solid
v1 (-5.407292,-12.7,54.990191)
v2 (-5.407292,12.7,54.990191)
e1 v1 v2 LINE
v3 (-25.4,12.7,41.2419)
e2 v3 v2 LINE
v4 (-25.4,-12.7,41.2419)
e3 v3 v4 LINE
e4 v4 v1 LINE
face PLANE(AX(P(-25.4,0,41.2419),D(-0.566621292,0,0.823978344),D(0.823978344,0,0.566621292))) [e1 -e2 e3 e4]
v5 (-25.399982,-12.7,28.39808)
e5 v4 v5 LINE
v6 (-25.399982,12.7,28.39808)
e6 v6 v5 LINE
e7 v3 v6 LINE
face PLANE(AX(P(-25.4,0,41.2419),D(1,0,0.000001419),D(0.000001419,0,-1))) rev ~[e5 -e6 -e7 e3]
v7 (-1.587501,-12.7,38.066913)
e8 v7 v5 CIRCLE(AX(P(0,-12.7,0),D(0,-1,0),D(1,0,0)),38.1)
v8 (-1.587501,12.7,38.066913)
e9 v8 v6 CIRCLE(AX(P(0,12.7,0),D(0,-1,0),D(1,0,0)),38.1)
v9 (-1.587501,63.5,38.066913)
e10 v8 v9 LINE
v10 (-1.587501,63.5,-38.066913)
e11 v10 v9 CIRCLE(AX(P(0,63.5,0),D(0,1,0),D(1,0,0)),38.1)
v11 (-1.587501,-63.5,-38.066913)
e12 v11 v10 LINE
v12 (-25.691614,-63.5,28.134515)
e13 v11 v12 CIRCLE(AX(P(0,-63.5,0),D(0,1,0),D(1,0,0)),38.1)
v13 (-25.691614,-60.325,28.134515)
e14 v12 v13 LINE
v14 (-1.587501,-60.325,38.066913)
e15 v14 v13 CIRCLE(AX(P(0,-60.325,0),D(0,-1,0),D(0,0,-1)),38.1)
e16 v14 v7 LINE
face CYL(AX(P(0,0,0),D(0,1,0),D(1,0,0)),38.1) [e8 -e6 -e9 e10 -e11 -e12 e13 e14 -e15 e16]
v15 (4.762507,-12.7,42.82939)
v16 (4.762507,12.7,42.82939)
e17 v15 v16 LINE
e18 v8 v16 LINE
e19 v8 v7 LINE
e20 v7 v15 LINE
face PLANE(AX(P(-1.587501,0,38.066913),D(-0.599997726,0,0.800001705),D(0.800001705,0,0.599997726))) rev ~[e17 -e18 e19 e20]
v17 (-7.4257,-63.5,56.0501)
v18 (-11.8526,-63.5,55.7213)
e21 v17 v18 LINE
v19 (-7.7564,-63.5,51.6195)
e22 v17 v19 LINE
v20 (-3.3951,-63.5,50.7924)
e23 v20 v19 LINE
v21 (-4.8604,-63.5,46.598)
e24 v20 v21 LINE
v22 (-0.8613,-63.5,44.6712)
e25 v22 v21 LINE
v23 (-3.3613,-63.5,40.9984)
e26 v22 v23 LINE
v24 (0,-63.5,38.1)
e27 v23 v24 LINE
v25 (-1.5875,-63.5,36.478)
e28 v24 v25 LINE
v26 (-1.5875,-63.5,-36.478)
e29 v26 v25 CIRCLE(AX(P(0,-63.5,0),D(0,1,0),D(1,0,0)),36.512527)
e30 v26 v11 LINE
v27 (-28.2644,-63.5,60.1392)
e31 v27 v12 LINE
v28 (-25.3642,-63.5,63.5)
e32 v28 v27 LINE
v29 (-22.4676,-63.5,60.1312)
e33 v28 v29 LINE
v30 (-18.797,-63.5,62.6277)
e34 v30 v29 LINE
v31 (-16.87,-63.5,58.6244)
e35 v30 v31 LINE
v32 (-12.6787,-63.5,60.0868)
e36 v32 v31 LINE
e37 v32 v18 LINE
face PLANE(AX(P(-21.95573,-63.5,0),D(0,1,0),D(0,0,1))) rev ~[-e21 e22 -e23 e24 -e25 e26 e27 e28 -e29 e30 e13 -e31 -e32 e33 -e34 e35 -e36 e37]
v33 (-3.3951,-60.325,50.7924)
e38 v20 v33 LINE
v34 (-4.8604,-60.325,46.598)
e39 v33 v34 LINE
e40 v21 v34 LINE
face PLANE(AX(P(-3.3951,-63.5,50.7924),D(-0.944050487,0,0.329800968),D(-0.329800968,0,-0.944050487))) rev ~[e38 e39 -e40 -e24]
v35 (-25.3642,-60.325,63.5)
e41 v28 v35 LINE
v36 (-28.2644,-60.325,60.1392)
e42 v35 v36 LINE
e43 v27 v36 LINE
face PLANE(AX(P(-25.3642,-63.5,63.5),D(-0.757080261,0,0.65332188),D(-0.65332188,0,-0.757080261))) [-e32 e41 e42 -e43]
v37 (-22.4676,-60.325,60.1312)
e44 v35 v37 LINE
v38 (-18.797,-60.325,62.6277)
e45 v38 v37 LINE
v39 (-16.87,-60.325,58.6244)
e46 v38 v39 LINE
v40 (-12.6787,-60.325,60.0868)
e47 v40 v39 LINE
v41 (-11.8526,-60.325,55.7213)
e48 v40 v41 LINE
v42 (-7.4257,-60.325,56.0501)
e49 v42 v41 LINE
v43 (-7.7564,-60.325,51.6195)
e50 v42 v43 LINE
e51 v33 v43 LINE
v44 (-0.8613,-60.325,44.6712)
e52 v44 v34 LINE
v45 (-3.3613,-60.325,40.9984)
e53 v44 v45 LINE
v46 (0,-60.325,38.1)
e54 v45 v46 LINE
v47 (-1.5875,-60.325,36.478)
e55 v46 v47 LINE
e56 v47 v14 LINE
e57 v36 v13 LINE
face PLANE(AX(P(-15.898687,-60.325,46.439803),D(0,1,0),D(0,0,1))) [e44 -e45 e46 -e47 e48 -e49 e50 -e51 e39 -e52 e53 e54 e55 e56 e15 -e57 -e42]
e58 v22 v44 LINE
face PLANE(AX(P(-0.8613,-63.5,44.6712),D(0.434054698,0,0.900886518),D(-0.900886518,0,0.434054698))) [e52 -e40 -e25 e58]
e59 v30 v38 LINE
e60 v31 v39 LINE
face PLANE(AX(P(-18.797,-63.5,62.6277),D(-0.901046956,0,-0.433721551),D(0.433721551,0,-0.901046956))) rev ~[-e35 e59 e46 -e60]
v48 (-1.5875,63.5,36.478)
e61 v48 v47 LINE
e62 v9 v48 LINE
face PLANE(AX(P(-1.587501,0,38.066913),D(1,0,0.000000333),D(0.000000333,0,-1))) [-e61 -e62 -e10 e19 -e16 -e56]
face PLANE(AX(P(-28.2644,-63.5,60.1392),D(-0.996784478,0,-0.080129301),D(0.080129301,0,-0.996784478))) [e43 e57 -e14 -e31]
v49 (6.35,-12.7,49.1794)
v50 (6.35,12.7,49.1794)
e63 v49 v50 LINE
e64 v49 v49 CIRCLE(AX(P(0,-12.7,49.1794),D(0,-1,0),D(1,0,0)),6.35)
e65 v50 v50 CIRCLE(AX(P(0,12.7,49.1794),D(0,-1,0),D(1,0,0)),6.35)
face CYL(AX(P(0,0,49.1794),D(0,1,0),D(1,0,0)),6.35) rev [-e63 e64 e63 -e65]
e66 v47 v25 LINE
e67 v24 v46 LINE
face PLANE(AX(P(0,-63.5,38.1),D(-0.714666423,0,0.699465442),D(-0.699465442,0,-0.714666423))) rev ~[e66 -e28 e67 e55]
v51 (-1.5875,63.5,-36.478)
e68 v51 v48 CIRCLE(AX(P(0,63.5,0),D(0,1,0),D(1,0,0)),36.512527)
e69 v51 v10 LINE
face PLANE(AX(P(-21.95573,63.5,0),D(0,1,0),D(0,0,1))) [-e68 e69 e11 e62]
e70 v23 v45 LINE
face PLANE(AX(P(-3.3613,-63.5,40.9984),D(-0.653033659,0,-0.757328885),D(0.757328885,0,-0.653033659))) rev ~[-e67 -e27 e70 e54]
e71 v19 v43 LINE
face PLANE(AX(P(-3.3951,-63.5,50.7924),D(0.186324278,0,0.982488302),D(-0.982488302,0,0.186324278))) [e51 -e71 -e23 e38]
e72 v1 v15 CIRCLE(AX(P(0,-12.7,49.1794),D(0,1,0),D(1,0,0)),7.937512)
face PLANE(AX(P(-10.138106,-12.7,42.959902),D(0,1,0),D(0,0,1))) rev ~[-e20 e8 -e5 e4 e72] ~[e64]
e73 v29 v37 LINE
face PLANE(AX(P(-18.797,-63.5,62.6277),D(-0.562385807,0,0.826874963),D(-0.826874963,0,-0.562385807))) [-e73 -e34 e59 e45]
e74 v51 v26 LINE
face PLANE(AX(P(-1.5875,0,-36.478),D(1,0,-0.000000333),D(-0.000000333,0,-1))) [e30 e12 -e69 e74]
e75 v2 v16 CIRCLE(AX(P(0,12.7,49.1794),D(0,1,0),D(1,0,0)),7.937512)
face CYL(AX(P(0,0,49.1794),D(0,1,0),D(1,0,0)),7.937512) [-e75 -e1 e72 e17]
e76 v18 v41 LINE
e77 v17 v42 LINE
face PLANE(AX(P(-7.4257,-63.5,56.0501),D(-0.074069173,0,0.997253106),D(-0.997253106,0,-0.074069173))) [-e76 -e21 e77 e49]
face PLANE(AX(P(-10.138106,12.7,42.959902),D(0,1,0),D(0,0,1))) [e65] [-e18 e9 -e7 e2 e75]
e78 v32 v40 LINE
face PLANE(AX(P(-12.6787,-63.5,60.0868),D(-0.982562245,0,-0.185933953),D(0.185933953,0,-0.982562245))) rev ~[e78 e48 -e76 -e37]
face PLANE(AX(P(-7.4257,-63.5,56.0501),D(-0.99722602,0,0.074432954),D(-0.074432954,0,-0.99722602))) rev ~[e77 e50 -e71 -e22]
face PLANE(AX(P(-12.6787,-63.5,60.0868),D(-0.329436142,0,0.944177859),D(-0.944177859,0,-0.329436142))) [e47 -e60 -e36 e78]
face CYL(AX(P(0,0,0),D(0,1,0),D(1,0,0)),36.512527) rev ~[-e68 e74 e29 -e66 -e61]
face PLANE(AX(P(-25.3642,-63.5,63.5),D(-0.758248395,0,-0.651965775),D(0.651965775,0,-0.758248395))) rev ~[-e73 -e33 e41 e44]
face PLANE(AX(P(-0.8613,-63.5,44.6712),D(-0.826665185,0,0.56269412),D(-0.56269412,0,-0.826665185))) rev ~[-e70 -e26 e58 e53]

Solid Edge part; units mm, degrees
sketch "Sketch1" plane through (0, 0, 0) normal (0, -1, 0) x (1, 0, 0)
  line L0 (-1.5875, -36.478) -> (-1.5875, -38.0669)
  arc A0 (-1.5875, -38.0669) -> (-1.5875, 38.0669) centre (0, 0) cw
  line L1 (-1.5875, 38.0669) -> (-1.5875, 36.478)
  arc A1 (-1.5875, -36.478) -> (-1.5875, 36.478) centre (0, 0) cw
extrude "Protrusion1" add sketch "Sketch1" along normal mid plane 127
sketch "Sketch2" plane through (0, 0, 0) normal (0, -1, 0) x (1, 0, 0)
  circle A0 centre (0, 49.1794) radius 6.35
  line L0 (-25.4, 41.2419) -> (-5.4073, 54.9902)
  line L1 (-1.5875, 38.0669) -> (4.7625, 42.8294)
  line L2 (-25.4, 41.2419) -> (-25.4, 28.3981)
  arc A1 (-5.4073, 54.9902) -> (4.7625, 42.8294) centre (0, 49.1794) cw
  arc A2 (-1.5875, 38.0669) -> (-25.4, 28.3981) centre (0, 0) ccw
extrude "ExtrudedProtrusion_2" add sketch "Sketch2" along normal mid plane 25.4
sketch "Sketch3" plane through (-19.8437, -63.5, 0) normal (0, -1, 0) x (0, 0, -1)
  line L0 (-40.9984, 16.4824) -> (-38.1, 19.8437)
  line L1 (-44.6712, 18.9824) -> (-40.9984, 16.4824)
  line L2 (-44.6712, 18.9824) -> (-46.598, 14.9833)
  line L3 (-50.7924, 16.4486) -> (-46.598, 14.9833)
  line L4 (-50.7924, 16.4486) -> (-51.6195, 12.0873)
  line L5 (-56.0501, 12.418) -> (-51.6195, 12.0873)
  line L6 (-56.0501, 12.418) -> (-55.7213, 7.9911)
  line L7 (-60.0868, 7.165) -> (-55.7213, 7.9911)
  line L8 (-60.0868, 7.165) -> (-58.6244, 2.9737)
  line L9 (-62.6277, 1.0467) -> (-58.6244, 2.9737)
  line L10 (-62.6277, 1.0467) -> (-60.1312, -2.6239)
  line L11 (-63.5, -5.5205) -> (-60.1312, -2.6239)
  line L12 (-63.5, -5.5205) -> (-60.1392, -8.4207)
  line L13 (-60.1392, -8.4207) -> (-28.1345, -5.8479)
  line L14 (-36.478, 18.2562) -> (-38.0669, 18.2562)
  line L15 (-38.1, 19.8437) -> (-36.478, 18.2562)
  arc A0 (-38.0669, 18.2563) -> (-28.1345, -5.8479) centre (0, 19.8437) ccw
extrude "ExtrudedProtrusion_3" add sketch "Sketch3" against normal blind 3.175
